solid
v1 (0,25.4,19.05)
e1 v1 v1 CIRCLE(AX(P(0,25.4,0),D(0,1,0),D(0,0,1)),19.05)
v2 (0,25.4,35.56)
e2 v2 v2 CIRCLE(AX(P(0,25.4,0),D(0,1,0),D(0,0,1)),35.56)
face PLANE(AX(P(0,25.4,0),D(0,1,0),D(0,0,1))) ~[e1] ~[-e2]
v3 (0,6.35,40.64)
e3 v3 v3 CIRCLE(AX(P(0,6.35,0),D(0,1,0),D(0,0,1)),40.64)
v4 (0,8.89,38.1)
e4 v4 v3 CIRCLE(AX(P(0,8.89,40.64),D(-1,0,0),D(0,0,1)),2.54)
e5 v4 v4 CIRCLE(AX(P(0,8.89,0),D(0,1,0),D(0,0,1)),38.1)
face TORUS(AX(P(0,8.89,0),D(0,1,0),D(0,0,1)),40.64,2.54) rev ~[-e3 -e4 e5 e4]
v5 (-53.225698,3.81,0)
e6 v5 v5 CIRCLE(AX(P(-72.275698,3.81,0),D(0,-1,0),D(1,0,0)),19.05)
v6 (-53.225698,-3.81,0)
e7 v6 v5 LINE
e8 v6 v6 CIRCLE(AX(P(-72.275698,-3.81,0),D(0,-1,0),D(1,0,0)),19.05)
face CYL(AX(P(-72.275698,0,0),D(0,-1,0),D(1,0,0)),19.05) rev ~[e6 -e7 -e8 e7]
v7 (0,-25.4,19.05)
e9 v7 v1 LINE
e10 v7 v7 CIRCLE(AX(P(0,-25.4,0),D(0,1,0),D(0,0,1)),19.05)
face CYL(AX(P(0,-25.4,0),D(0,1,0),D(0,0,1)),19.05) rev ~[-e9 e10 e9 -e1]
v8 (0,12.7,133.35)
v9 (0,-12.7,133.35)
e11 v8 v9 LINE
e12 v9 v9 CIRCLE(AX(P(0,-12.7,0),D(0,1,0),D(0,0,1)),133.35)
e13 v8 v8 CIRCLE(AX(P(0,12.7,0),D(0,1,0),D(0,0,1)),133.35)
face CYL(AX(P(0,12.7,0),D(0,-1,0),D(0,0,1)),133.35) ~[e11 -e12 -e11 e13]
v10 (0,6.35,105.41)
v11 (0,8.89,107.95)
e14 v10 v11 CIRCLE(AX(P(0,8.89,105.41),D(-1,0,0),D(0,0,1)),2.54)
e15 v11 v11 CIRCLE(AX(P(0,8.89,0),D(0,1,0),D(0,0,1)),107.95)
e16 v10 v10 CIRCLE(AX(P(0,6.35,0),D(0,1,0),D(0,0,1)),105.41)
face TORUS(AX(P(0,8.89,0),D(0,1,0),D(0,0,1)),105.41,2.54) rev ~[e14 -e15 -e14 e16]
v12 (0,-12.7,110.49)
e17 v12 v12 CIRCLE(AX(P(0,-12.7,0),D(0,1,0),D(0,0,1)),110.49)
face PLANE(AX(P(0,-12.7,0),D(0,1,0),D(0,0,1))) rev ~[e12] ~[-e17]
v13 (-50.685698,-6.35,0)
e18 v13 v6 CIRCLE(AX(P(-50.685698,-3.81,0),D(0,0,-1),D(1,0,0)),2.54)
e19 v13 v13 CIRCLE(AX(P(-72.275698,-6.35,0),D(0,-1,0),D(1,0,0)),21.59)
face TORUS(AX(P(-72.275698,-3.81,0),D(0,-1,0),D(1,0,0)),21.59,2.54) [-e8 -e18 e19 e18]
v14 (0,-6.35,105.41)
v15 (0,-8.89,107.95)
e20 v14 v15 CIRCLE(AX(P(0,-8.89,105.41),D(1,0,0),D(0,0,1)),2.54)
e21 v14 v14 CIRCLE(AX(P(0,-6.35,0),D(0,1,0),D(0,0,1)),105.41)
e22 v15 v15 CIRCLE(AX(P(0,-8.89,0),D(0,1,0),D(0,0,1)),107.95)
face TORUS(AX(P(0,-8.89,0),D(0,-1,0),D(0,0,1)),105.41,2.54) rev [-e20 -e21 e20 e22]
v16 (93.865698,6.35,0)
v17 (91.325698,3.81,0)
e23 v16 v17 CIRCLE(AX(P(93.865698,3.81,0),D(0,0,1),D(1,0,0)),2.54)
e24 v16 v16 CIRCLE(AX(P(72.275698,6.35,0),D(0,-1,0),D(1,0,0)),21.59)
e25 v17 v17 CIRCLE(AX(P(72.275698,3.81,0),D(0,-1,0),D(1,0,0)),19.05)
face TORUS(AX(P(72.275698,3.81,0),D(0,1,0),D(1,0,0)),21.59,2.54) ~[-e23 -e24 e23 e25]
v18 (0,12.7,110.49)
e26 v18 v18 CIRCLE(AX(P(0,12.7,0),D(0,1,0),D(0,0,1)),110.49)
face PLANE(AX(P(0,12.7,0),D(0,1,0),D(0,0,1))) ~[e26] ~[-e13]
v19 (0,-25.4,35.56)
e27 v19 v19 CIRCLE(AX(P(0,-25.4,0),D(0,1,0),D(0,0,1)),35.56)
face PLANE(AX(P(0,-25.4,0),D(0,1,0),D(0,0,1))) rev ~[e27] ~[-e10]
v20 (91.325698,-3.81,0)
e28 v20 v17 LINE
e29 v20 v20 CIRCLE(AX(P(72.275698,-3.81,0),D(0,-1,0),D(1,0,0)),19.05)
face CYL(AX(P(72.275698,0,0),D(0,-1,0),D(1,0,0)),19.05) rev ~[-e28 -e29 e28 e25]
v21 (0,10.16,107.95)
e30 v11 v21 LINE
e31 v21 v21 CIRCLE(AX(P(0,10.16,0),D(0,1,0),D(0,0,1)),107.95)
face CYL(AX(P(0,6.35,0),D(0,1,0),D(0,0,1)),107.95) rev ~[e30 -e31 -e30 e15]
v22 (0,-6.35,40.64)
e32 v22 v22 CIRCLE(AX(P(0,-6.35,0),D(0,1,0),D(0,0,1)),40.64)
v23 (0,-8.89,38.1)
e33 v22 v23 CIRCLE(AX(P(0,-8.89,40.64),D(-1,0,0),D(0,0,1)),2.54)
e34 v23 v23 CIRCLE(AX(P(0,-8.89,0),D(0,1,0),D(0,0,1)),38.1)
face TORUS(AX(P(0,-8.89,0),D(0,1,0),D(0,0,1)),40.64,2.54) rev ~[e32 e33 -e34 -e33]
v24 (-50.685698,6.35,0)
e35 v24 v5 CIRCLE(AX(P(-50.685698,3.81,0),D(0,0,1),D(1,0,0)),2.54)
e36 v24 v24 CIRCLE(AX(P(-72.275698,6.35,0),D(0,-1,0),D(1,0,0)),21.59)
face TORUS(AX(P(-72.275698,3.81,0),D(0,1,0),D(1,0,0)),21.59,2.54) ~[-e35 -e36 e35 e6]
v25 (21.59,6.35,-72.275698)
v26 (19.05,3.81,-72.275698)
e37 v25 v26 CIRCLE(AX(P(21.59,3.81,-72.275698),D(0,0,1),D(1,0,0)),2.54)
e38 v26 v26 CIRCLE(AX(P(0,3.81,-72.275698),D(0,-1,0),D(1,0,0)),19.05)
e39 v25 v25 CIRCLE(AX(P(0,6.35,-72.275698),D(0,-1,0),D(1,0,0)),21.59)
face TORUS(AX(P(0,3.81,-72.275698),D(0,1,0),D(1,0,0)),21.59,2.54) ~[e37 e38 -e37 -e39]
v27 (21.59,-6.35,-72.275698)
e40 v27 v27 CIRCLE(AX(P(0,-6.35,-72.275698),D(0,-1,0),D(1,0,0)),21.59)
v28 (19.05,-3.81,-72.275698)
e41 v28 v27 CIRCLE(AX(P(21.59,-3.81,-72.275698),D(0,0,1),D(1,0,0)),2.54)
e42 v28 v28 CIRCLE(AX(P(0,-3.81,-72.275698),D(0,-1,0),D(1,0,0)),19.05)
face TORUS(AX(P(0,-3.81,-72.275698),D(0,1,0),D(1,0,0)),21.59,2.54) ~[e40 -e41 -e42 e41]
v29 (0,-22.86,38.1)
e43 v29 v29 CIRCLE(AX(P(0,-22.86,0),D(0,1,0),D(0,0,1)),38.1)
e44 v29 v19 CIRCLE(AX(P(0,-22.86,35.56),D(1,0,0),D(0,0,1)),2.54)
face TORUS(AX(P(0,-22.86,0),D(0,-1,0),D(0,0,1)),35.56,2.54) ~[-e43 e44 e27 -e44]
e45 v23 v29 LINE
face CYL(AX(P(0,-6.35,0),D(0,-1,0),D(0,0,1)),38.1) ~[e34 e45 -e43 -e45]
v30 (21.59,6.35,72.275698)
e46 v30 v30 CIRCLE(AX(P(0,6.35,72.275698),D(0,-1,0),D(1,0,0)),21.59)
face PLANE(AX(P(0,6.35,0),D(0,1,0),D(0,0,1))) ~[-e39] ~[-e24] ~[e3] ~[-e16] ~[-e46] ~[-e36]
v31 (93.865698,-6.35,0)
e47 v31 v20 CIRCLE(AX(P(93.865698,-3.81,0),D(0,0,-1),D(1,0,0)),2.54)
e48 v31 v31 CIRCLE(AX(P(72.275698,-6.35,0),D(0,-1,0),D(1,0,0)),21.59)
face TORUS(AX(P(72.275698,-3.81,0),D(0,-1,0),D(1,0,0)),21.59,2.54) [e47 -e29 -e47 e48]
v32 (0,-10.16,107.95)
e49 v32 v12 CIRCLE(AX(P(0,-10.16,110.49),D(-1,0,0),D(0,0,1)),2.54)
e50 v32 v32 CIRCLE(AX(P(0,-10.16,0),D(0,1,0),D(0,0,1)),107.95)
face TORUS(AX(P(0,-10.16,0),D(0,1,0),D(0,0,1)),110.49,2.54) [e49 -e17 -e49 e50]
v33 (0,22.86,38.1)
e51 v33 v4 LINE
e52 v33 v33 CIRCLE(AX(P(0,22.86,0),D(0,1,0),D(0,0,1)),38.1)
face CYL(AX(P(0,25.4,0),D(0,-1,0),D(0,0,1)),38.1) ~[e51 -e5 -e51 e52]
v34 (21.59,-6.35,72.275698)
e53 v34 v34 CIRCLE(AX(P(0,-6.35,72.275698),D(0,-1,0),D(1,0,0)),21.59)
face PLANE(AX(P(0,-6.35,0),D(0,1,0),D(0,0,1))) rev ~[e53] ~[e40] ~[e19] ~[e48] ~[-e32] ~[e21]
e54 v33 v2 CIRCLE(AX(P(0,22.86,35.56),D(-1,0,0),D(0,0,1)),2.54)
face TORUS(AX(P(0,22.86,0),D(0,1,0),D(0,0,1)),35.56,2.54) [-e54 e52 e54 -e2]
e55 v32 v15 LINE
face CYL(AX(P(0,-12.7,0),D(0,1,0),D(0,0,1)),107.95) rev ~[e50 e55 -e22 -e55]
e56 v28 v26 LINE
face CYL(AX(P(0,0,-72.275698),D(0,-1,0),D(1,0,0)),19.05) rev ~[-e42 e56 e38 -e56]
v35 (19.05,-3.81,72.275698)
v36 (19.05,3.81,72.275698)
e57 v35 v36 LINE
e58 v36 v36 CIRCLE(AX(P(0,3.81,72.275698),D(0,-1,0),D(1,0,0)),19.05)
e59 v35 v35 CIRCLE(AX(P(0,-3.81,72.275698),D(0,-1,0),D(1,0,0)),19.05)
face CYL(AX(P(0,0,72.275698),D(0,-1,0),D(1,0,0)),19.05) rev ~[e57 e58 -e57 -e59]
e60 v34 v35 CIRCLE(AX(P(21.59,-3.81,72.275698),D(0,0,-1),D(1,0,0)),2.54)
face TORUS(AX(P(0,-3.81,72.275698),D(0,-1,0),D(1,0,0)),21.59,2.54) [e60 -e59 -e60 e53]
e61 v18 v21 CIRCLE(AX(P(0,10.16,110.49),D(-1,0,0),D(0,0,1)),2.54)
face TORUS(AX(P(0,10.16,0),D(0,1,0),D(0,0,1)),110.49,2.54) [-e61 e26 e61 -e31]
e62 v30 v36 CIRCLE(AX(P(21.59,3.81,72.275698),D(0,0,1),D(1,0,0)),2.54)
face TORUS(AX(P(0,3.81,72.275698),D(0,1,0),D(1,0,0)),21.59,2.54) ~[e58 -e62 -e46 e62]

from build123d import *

# Parameters (mm, degrees)
F2_R     = 19.05
F3_DEPTH = 25.4
F4_DEPTH = 25.4
F5_R     = 2.54


with BuildPart() as f1:
    # F0 (on Right) → F1 (revolve)
    with BuildSketch(Plane.YZ):
        Polygon((25.4, 38.1), (6.35, 38.1), (6.35, 107.95), (12.7, 107.95), (12.7, 133.35), (0, 133.35), (-12.7, 133.35), (-12.7, 107.95), (-6.35, 107.95), (-6.35, 38.1), (-25.4, 38.1), (-25.4, 19.05), (0, 19.05), (25.4, 19.05), align=None)
    revolve(axis=Axis((0, 38.1000004709, 0), (0, 1, 0)))

    # F2 (on face) → F3 (cut)
    with BuildSketch(Plane.XZ.offset(25.4)):
        with BuildLine():
            ThreePointArc((0, 53.225698185), (13.4703841816, 58.8053140034), (19.05, 72.275698185))
            ThreePointArc((19.05, 72.275698185), (-13.4703841816, 85.7460823666), (0, 53.225698185))
        make_face()
        with Locations((-72.275698185, 0)):
            Circle(F2_R)
        with Locations((0, -72.275698185)):
            Circle(F2_R)
        with Locations((72.275698185, 0)):
            Circle(F2_R)
    extrude(amount=-F3_DEPTH, mode=Mode.SUBTRACT)

    # F4 (cut): faces of the model
    f4_faces = [f1.faces().sort_by_distance(p)[0] for p in [
        (-72.275698185, 0, 0),
        (72.275698185, 0, 0),
        (0, 0, -72.275698185),
        (0, 0, 72.275698185),
    ]]
    extrude(f4_faces, amount=-F4_DEPTH, mode=Mode.SUBTRACT)

    # F5
    f5_edges = [f1.edges().sort_by_distance(p)[0] for p in [
        (0, -6.35, -107.95),
        (0, 25.4, -38.1),
        (0, 6.35, -38.1),
        (0, 6.35, -107.95),
        (-91.325698, 6.35, 0),
        (0, 6.35, 91.325698),
        (-19.05, 6.35, -72.275698),
        (53.225698, 6.35, 0),
        (0, 12.7, -107.95),
        (-91.325698, -6.35, 0),
        (-19.05, -6.35, -72.275698),
        (0, -6.35, -38.1),
        (0, -6.35, 91.325698),
        (53.225698, -6.35, 0),
        (0, -25.4, -38.1),
        (0, -12.7, -107.95),
    ]]
    fillet(f5_edges, radius=F5_R)


solid = f1.part
